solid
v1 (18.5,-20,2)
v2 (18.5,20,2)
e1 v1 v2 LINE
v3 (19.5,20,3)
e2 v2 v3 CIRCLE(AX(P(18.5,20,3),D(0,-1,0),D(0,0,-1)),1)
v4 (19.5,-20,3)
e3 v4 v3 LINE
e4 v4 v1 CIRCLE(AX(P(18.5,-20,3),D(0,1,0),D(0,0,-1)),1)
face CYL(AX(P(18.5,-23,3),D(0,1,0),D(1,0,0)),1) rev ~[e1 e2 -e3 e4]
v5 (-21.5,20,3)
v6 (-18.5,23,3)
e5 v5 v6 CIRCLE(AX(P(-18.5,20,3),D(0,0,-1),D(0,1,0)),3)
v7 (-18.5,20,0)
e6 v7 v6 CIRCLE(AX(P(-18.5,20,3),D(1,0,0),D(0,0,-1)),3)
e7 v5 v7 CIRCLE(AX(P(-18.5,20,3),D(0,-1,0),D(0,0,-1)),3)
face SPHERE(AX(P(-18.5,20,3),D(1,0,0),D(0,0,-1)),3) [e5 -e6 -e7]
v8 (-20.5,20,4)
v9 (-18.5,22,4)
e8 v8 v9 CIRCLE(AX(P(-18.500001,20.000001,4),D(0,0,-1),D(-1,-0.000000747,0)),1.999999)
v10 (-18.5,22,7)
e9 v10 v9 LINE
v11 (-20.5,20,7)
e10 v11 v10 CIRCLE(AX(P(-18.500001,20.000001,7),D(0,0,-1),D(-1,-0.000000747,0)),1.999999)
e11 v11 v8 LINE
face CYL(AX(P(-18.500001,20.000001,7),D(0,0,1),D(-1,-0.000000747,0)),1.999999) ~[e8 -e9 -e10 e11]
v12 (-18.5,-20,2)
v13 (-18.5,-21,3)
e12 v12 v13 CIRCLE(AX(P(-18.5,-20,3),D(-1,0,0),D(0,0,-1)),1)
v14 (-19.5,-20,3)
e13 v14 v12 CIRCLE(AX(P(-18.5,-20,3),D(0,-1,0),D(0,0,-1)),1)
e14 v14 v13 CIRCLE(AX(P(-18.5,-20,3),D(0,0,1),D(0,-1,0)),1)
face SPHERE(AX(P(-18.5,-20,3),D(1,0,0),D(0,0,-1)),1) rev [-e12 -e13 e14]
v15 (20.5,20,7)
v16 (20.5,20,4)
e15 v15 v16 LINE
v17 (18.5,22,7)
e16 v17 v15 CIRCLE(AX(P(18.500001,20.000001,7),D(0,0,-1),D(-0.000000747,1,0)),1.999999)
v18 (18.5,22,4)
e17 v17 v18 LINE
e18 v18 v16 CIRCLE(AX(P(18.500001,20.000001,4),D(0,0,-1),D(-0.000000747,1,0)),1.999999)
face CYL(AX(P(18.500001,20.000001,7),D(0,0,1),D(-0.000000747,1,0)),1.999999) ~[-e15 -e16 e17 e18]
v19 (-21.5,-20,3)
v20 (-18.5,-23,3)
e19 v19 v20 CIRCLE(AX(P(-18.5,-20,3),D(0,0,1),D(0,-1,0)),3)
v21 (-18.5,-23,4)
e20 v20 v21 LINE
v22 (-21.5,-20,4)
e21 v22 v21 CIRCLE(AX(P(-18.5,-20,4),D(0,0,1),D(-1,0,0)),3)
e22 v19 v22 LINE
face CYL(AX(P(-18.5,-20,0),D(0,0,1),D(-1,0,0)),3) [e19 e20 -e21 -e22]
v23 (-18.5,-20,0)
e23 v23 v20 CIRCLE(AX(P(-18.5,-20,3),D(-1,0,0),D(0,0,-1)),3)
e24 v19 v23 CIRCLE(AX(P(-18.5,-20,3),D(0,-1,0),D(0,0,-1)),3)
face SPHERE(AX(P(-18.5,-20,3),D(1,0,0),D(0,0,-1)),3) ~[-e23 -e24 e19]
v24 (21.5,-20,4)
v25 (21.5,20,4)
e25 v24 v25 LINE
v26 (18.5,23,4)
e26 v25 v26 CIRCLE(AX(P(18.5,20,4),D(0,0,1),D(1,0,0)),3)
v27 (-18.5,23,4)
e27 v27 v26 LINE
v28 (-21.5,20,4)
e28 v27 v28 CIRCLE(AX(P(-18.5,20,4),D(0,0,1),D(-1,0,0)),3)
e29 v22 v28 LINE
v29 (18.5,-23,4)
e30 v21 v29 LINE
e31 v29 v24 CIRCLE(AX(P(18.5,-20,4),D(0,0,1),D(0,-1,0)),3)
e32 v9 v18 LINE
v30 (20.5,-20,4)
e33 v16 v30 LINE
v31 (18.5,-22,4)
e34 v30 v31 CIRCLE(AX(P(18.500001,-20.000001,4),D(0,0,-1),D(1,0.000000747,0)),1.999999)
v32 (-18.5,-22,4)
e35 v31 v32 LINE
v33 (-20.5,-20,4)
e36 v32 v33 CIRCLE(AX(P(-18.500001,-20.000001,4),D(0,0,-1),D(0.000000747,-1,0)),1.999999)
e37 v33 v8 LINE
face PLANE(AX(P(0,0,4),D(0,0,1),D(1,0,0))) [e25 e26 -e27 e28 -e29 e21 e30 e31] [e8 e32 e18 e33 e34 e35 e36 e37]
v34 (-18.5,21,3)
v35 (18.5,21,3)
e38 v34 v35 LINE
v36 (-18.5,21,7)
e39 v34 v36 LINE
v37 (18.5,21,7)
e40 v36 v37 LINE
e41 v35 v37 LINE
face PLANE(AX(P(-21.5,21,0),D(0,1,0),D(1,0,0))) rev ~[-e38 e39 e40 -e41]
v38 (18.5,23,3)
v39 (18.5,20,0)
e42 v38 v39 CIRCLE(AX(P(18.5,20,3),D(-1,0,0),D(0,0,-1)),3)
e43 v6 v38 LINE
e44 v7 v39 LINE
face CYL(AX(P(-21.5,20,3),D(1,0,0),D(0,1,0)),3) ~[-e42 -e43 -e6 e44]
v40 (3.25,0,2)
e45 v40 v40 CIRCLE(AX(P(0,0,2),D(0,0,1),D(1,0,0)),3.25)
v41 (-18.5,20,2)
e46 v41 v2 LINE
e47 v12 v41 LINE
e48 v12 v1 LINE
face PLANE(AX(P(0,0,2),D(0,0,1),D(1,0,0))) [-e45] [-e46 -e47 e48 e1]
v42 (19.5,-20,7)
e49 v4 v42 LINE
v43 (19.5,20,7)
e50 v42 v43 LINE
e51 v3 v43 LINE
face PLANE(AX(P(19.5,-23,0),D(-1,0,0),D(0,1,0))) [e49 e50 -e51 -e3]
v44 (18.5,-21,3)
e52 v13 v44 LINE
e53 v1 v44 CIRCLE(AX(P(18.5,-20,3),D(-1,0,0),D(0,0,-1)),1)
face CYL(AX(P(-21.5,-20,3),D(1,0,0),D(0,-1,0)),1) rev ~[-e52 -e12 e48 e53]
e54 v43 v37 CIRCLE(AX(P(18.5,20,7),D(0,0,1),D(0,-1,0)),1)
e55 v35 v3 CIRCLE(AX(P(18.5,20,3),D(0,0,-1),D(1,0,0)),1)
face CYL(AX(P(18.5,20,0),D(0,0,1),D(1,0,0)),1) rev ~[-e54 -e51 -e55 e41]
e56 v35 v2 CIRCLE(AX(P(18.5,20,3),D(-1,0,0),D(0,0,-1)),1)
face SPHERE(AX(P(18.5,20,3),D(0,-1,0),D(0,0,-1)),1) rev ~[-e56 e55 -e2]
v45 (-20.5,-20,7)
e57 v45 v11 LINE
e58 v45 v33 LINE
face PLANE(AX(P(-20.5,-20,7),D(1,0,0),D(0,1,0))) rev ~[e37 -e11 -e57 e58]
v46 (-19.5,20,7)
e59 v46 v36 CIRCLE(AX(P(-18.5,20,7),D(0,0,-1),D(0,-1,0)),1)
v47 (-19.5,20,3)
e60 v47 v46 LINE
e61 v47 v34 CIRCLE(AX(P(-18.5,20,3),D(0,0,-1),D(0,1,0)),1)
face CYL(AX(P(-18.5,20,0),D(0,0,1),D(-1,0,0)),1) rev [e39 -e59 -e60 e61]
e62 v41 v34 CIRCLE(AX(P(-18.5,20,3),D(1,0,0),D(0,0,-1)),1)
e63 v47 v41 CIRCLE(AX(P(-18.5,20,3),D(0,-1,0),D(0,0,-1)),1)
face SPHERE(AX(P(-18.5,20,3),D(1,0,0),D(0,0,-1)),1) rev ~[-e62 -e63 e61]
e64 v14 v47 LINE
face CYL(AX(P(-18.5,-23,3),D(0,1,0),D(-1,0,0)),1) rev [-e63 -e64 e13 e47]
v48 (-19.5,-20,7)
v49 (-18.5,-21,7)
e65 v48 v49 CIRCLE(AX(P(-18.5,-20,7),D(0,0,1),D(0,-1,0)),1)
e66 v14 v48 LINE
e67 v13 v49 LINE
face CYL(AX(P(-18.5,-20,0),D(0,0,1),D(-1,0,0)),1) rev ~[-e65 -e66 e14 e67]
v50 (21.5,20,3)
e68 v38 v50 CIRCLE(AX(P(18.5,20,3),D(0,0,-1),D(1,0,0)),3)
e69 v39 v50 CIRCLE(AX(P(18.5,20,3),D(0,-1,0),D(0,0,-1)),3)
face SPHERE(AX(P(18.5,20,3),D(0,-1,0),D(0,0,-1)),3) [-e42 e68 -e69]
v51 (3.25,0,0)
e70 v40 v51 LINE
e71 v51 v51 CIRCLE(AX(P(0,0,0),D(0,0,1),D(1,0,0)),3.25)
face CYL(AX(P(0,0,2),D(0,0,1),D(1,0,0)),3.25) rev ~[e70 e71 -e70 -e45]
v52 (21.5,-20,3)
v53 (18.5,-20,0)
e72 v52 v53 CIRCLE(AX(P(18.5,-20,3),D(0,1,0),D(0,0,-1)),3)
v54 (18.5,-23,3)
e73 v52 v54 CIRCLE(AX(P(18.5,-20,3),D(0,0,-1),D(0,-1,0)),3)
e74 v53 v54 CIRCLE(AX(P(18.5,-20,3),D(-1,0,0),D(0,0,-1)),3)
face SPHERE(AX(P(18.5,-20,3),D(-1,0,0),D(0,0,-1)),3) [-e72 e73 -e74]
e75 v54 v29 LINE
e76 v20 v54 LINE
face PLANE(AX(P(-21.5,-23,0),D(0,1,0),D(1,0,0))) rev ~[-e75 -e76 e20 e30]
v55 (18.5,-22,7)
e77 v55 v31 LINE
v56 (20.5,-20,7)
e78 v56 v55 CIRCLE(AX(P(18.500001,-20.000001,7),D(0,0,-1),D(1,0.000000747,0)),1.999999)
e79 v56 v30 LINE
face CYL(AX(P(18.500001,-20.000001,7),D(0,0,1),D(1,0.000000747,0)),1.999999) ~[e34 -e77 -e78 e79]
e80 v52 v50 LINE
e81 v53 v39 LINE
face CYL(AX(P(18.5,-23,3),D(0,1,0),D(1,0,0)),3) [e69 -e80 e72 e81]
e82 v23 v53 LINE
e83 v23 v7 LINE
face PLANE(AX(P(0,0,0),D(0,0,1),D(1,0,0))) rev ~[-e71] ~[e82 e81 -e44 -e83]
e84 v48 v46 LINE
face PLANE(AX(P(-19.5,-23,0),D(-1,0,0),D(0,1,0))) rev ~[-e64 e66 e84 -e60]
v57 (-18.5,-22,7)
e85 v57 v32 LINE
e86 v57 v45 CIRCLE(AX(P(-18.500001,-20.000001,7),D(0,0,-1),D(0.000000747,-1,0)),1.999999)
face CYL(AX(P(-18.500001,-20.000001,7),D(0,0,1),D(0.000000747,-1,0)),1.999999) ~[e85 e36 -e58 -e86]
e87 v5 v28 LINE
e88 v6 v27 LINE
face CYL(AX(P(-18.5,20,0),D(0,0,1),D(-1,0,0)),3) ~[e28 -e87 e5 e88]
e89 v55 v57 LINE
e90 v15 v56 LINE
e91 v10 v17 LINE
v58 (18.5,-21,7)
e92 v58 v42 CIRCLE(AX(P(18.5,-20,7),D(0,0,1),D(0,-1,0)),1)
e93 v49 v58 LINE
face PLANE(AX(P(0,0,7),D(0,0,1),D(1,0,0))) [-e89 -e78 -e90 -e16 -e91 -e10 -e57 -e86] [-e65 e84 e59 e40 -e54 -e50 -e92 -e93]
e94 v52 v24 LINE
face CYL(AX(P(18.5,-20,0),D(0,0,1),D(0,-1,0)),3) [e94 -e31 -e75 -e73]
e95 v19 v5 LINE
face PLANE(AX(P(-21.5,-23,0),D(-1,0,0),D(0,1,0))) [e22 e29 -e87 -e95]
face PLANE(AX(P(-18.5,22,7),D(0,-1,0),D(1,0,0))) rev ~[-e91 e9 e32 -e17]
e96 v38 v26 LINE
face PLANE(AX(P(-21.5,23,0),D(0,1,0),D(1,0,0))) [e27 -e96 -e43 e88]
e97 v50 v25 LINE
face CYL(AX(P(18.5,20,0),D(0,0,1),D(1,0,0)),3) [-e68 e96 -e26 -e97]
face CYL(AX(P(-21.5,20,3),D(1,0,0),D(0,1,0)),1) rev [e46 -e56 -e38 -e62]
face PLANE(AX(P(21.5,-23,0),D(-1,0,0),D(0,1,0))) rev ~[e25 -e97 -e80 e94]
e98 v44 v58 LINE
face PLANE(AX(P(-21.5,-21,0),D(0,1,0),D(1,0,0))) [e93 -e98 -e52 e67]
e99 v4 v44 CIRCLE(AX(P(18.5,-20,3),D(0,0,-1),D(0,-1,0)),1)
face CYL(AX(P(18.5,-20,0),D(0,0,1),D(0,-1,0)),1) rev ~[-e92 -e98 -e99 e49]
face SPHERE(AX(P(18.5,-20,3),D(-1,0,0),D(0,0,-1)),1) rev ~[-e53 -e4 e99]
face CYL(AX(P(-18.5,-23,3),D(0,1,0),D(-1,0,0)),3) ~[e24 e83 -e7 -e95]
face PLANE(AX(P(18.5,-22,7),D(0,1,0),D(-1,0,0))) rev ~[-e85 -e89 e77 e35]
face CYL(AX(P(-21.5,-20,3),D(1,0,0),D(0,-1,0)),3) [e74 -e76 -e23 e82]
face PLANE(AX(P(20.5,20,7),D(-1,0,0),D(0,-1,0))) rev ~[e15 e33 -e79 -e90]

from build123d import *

# Parameters (mm, degrees)
F0_W     = 43
F0_H     = 46
F1_DEPTH = 7
F2_R     = 3
F3_T     = -2
F4_R     = 3.25
F5_DEPTH = 2
F6_W     = 51.836722
F6_H     = 50.070026
F7_DEPTH = 3


with BuildPart() as f1:
    # F0 (on Top) → F1 (new body)
    with BuildSketch(Plane.XY):
        Rectangle(F0_W, F0_H)
    extrude(amount=F1_DEPTH)

    # F2
    f2_edges = [f1.edges().sort_by_distance(p)[0] for p in [
        (0, -23, 0),
        (21.5, 0, 0),
        (0, 23, 0),
        (-21.5, 0, 0),
        (21.5, 23, 3.5),
        (21.5, -23, 3.5),
        (-21.5, 23, 3.5),
        (-21.5, -23, 3.5),
    ]]
    fillet(f2_edges, radius=F2_R)

    # F3
    f3_openings = [f1.faces().sort_by_distance(p)[0] for p in [
        (0, 0, 7),
    ]]
    offset(amount=F3_T, openings=f3_openings)

    # F4 (on face) → F5 (cut, through all)
    with BuildSketch(Plane.XY.offset(2)):
        Circle(F4_R)
    extrude(amount=-F5_DEPTH, mode=Mode.SUBTRACT)

    # F6 (on face) → F7 (cut)
    with BuildSketch(Plane.XY.offset(7)):
        Rectangle(F6_W, F6_H)
        with BuildLine():
            ThreePointArc((18.5, 22), (19.914214, 21.414214), (20.5, 20))
            Line((20.5, 20), (20.5, -20))
            ThreePointArc((20.5, -20), (19.914214, -21.414214), (18.5, -22))
            Line((18.5, -22), (-18.5, -22))
            ThreePointArc((-18.5, -22), (-19.914214, -21.414214), (-20.5, -20))
            Line((-20.5, -20), (-20.5, 20))
            ThreePointArc((-20.5, 20), (-19.914214, 21.414214), (-18.5, 22))
            Line((-18.5, 22), (18.5, 22))
        make_face(mode=Mode.SUBTRACT)
    extrude(amount=-F7_DEPTH, mode=Mode.SUBTRACT)


solid = f1.part
